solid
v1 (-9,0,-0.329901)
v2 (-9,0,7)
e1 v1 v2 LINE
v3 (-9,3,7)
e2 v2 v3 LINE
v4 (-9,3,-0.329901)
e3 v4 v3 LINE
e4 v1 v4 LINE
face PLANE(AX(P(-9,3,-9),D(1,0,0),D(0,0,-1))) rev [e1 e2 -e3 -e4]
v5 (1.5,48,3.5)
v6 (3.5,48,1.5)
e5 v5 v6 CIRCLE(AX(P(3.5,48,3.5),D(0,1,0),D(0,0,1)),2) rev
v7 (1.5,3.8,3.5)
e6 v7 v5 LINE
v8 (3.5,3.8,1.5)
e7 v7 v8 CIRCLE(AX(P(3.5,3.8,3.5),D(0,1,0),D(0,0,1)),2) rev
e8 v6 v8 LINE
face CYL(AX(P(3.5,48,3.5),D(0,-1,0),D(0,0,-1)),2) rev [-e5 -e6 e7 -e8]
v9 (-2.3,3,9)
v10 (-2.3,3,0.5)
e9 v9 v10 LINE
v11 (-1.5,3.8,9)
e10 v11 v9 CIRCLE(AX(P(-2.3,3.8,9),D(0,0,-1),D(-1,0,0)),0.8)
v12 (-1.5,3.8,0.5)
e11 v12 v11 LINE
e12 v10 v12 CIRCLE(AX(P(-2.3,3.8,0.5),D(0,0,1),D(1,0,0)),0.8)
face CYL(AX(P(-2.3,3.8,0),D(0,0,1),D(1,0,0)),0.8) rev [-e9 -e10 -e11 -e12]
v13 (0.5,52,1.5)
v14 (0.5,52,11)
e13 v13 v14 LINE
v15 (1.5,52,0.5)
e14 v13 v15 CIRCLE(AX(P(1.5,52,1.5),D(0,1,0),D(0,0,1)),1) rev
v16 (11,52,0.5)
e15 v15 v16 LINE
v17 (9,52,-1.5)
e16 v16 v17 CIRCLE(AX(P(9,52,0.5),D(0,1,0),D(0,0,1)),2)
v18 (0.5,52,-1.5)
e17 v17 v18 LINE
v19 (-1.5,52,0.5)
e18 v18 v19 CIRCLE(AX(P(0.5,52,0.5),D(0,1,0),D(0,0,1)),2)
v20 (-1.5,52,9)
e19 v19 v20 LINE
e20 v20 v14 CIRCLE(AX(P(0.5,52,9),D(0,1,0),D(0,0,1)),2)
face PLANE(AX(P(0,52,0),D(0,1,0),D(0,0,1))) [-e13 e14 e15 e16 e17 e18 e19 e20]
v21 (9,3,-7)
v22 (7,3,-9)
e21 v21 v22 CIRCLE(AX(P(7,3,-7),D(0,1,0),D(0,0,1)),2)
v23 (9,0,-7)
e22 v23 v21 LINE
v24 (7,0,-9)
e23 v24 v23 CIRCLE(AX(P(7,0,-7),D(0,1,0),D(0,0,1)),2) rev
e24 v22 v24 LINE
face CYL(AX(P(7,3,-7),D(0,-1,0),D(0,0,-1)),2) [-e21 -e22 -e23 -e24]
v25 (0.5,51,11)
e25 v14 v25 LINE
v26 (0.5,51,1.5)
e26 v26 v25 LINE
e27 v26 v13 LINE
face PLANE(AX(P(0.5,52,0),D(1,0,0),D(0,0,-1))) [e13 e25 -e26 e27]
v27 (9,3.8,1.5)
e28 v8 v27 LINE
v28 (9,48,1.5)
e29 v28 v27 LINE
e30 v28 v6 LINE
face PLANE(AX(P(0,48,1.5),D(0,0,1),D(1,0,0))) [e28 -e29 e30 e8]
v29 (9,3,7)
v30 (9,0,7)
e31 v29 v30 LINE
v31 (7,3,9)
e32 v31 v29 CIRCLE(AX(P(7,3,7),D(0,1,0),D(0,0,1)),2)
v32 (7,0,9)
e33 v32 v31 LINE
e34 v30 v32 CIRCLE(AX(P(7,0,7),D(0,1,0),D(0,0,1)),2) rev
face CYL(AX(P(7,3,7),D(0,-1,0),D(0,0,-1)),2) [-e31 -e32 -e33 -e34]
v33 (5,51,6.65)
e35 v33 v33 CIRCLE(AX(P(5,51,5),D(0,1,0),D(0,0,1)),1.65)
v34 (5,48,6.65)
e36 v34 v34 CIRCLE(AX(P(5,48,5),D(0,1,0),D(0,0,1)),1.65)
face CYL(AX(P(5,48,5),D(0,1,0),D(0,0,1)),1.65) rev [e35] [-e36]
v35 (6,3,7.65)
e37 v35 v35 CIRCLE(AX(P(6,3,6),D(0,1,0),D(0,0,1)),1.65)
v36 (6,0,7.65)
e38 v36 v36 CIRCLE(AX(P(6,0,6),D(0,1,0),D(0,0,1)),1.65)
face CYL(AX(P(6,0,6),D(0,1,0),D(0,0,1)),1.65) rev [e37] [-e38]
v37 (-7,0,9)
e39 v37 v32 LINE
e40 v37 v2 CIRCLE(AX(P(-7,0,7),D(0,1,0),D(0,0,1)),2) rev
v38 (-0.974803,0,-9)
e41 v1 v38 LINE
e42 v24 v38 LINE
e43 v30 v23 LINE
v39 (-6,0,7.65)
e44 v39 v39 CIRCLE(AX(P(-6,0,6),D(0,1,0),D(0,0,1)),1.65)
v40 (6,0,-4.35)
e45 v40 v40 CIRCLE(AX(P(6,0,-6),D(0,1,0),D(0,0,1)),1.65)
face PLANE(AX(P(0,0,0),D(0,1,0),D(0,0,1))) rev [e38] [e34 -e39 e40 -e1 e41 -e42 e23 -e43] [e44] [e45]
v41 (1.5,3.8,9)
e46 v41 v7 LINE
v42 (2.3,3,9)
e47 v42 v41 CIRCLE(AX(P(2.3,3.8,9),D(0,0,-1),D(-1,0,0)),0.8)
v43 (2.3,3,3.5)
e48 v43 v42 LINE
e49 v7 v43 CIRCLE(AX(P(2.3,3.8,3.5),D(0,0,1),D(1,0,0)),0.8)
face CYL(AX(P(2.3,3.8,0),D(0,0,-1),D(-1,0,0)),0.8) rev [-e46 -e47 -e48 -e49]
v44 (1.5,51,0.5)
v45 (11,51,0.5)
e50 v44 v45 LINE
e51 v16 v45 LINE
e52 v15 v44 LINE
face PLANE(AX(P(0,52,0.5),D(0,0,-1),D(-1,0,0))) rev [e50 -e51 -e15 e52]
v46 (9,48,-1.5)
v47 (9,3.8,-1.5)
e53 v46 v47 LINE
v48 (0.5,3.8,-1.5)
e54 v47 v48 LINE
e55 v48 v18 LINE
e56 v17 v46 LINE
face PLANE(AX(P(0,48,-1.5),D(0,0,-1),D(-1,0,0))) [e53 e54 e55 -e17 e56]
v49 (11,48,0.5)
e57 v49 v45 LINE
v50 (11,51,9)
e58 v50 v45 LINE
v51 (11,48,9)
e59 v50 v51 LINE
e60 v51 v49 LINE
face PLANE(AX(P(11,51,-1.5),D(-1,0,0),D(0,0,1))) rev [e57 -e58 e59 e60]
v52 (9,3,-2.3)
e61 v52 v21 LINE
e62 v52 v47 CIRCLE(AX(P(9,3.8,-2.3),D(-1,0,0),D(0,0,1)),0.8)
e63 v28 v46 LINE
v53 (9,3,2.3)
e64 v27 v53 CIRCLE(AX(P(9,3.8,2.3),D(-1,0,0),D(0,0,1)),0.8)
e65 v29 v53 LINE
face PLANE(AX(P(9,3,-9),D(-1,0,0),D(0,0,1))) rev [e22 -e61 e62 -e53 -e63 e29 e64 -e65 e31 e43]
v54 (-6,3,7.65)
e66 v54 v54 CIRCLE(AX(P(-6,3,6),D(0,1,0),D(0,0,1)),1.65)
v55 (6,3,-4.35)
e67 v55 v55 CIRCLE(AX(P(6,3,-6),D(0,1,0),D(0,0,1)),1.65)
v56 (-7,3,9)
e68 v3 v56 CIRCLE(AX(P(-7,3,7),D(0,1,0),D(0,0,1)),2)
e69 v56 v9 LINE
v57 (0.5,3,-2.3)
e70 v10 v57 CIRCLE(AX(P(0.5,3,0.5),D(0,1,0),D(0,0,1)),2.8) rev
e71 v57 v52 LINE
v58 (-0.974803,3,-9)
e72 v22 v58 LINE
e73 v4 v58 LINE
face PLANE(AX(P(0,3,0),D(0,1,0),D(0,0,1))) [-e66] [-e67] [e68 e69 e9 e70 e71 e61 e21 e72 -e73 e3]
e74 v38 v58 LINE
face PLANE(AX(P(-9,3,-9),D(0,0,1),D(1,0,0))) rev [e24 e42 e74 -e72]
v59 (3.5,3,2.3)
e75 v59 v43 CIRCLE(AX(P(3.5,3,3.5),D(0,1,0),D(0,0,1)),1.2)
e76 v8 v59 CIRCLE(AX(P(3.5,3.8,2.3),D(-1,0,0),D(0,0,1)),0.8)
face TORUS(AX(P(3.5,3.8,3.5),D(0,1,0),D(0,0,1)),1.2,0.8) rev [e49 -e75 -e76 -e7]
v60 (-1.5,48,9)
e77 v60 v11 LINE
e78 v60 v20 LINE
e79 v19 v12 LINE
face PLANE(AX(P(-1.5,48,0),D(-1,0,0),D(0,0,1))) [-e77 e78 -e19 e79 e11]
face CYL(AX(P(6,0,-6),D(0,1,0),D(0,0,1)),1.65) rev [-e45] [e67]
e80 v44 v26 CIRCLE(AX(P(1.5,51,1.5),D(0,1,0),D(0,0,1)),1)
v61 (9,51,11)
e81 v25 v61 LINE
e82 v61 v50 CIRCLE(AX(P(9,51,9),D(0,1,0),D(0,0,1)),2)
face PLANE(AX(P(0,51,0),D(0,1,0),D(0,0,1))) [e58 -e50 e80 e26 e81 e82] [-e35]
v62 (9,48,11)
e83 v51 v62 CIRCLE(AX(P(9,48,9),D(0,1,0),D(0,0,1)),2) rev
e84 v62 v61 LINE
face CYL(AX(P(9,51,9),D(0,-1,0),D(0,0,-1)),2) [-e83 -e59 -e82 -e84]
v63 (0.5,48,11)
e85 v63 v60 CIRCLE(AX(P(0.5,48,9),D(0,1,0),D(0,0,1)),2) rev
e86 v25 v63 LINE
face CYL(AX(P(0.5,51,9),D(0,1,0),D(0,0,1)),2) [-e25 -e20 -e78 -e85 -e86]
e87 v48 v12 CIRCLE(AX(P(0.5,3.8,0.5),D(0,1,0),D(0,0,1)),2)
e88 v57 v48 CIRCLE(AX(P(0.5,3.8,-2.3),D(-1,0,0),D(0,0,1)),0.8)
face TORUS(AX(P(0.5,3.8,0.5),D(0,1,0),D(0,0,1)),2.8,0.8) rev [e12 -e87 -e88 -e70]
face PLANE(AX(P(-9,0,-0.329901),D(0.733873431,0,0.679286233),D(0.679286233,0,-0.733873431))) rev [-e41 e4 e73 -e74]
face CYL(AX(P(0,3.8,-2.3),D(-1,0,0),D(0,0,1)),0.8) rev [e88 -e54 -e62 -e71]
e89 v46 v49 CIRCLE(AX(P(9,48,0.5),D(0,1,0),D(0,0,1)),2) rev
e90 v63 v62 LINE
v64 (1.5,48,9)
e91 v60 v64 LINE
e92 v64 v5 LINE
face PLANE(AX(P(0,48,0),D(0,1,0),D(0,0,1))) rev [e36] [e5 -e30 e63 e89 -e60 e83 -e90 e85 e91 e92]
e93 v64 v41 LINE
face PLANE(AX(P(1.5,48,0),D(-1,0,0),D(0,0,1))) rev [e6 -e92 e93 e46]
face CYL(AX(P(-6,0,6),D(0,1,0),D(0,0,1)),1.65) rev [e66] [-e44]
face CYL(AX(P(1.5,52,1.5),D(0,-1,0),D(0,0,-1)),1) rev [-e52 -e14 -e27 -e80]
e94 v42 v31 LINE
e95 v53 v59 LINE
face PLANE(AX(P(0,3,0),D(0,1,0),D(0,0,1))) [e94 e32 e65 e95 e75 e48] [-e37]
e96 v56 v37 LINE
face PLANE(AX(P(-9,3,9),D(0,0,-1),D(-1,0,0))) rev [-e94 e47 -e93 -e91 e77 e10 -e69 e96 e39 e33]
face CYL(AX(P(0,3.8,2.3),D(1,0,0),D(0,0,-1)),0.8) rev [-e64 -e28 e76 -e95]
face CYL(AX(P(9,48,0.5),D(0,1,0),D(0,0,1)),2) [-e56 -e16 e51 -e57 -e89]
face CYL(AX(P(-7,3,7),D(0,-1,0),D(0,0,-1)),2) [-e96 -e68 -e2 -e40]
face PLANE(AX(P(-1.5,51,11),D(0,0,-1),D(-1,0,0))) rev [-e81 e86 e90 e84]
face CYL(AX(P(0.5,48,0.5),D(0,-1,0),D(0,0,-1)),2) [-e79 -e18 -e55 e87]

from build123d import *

# Parameters (mm, degrees)
SKETCH_1_W          = 18
SKETCH_1_H          = 18
EXTRUDE_1_DEPTH     = 3
SKETCH_2_R          = 1.65
CUT_EXTRUDE_1_DEPTH = 3
SKETCH_3_W          = 3
SKETCH_3_H          = 3
SKETCH_3_W_2        = 7.5
SKETCH_3_H_2        = 7.5
EXTRUDE_2_DEPTH     = 45
SKETCH_4_W          = 12.5
SKETCH_4_H          = 12.5
EXTRUDE_3_DEPTH     = 3
SKETCH_5_R          = 1.65
CUT_EXTRUDE_2_DEPTH = 3
CUT_EXTRUDE_3_DEPTH = 3
FILLET_1_R          = 2
FILLET_2_R          = 0.8
EXTRUDE_START       = 1
EXTRUDE_4_DEPTH     = 1
FILLET_3_R          = 1


with BuildPart() as part:
    # 草图1 → 凸台-拉伸1 (new body)
    with BuildSketch(Plane(origin=(0, 0, 0), x_dir=(1, 0, 0), z_dir=(0, 1, 0))):
        Rectangle(SKETCH_1_W, SKETCH_1_H)
    extrude(amount=EXTRUDE_1_DEPTH)

    # 草图2 → 切除-拉伸1 (cut)
    with BuildSketch(Plane(origin=(0, 3, 0), x_dir=(1, 0, 0), z_dir=(0, 1, 0))):
        with Locations(Location((-6, 6, 0), (0, 0, 270))):
            Circle(SKETCH_2_R)
        with Locations(Location((6, 6, 0), (0, 0, 270))):
            Circle(SKETCH_2_R)
        with Locations(Location((6, -6, 0), (0, 0, 270))):
            Circle(SKETCH_2_R)
        with Locations(Location((-6, -6, 0), (0, 0, 270))):
            Circle(SKETCH_2_R)
    extrude(amount=-CUT_EXTRUDE_1_DEPTH, mode=Mode.SUBTRACT)

    # 草图3 → 凸台-拉伸2 (add)
    with BuildSketch(Plane(origin=(0, 3, 0), x_dir=(1, 0, 0), z_dir=(0, 1, 0))):
        Rectangle(SKETCH_3_W, SKETCH_3_H)
        with Locations((5.25, 0)):
            Rectangle(SKETCH_3_W_2, SKETCH_3_H)
        with Locations((0, -5.25)):
            Rectangle(SKETCH_3_W, SKETCH_3_H_2)
    extrude(amount=EXTRUDE_2_DEPTH)

    # 草图4 → 凸台-拉伸3 (add)
    with BuildSketch(Plane(origin=(0, 48, 0), x_dir=(1, 0, 0), z_dir=(0, 1, 0))):
        with Locations((4.75, -4.75)):
            Rectangle(SKETCH_4_W, SKETCH_4_H)
    extrude(amount=EXTRUDE_3_DEPTH)

    # 草图5 → 切除-拉伸2 (cut)
    with BuildSketch(Plane(origin=(0, 51, 0), x_dir=(1, 0, 0), z_dir=(0, 1, 0))):
        with Locations(Location((5, -5, 0), (0, 0, 270))):
            Circle(SKETCH_5_R)
    extrude(amount=-CUT_EXTRUDE_2_DEPTH, mode=Mode.SUBTRACT)

    # 草图6 → 切除-拉伸3 (cut)
    with BuildSketch(Plane(origin=(0, 3, 0), x_dir=(1, 0, 0), z_dir=(0, 1, 0))):
        Polygon((-9, 9), (-9, 0.329900852), (-0.974802815, 9), align=None)
    extrude(amount=-CUT_EXTRUDE_3_DEPTH, mode=Mode.SUBTRACT)

    # 圆角1
    fillet_1_edges = [part.edges().sort_by_distance(p)[0] for p in [
        (-9, 1.5, 9),
        (9, 1.5, 9),
        (9, 1.5, -9),
        (-1.5, 49.5, 11),
        (11, 49.5, 11),
        (11, 49.5, -1.5),
        (1.5, 25.5, 1.5),
        (-1.5, 27, -1.5),
    ]]
    fillet(fillet_1_edges, radius=FILLET_1_R)

    # 圆角2
    fillet_2_edges = [part.edges().sort_by_distance(p)[0] for p in [
        (2.085786438, 3, 2.085786438),
        (-0.914213562, 3, -0.914213562),
        (1.5, 3, 6.25),
        (-1.5, 3, 4.75),
        (6.25, 3, 1.5),
        (4.75, 3, -1.5),
    ]]
    fillet(fillet_2_edges, radius=FILLET_2_R)

    # 草图7 → 凸台-拉伸4 (add)
    with BuildSketch(Plane(origin=(0, 51, 0), x_dir=(1, 0, 0), z_dir=(0, 1, 0)).offset(EXTRUDE_START)):
        with BuildLine():
            Line((0.5, -11), (0.5, -0.5))
            Line((0.5, -0.5), (11, -0.5))
            ThreePointArc((11, -0.5), (10.414213562, 0.914213562), (9, 1.5))
            Line((9, 1.5), (0.5, 1.5))
            ThreePointArc((0.5, 1.5), (-0.914213562, 0.914213562), (-1.5, -0.5))
            Line((-1.5, -0.5), (-1.5, -9))
            ThreePointArc((-1.5, -9), (-0.914213562, -10.414213562), (0.5, -11))
        make_face()
    extrude(amount=-EXTRUDE_4_DEPTH)

    # 圆角3
    fillet_3_edges = [part.edges().sort_by_distance(p)[0] for p in [
        (0.5, 51.5, 0.5),
    ]]
    fillet(fillet_3_edges, radius=FILLET_3_R)


solid = part.part
